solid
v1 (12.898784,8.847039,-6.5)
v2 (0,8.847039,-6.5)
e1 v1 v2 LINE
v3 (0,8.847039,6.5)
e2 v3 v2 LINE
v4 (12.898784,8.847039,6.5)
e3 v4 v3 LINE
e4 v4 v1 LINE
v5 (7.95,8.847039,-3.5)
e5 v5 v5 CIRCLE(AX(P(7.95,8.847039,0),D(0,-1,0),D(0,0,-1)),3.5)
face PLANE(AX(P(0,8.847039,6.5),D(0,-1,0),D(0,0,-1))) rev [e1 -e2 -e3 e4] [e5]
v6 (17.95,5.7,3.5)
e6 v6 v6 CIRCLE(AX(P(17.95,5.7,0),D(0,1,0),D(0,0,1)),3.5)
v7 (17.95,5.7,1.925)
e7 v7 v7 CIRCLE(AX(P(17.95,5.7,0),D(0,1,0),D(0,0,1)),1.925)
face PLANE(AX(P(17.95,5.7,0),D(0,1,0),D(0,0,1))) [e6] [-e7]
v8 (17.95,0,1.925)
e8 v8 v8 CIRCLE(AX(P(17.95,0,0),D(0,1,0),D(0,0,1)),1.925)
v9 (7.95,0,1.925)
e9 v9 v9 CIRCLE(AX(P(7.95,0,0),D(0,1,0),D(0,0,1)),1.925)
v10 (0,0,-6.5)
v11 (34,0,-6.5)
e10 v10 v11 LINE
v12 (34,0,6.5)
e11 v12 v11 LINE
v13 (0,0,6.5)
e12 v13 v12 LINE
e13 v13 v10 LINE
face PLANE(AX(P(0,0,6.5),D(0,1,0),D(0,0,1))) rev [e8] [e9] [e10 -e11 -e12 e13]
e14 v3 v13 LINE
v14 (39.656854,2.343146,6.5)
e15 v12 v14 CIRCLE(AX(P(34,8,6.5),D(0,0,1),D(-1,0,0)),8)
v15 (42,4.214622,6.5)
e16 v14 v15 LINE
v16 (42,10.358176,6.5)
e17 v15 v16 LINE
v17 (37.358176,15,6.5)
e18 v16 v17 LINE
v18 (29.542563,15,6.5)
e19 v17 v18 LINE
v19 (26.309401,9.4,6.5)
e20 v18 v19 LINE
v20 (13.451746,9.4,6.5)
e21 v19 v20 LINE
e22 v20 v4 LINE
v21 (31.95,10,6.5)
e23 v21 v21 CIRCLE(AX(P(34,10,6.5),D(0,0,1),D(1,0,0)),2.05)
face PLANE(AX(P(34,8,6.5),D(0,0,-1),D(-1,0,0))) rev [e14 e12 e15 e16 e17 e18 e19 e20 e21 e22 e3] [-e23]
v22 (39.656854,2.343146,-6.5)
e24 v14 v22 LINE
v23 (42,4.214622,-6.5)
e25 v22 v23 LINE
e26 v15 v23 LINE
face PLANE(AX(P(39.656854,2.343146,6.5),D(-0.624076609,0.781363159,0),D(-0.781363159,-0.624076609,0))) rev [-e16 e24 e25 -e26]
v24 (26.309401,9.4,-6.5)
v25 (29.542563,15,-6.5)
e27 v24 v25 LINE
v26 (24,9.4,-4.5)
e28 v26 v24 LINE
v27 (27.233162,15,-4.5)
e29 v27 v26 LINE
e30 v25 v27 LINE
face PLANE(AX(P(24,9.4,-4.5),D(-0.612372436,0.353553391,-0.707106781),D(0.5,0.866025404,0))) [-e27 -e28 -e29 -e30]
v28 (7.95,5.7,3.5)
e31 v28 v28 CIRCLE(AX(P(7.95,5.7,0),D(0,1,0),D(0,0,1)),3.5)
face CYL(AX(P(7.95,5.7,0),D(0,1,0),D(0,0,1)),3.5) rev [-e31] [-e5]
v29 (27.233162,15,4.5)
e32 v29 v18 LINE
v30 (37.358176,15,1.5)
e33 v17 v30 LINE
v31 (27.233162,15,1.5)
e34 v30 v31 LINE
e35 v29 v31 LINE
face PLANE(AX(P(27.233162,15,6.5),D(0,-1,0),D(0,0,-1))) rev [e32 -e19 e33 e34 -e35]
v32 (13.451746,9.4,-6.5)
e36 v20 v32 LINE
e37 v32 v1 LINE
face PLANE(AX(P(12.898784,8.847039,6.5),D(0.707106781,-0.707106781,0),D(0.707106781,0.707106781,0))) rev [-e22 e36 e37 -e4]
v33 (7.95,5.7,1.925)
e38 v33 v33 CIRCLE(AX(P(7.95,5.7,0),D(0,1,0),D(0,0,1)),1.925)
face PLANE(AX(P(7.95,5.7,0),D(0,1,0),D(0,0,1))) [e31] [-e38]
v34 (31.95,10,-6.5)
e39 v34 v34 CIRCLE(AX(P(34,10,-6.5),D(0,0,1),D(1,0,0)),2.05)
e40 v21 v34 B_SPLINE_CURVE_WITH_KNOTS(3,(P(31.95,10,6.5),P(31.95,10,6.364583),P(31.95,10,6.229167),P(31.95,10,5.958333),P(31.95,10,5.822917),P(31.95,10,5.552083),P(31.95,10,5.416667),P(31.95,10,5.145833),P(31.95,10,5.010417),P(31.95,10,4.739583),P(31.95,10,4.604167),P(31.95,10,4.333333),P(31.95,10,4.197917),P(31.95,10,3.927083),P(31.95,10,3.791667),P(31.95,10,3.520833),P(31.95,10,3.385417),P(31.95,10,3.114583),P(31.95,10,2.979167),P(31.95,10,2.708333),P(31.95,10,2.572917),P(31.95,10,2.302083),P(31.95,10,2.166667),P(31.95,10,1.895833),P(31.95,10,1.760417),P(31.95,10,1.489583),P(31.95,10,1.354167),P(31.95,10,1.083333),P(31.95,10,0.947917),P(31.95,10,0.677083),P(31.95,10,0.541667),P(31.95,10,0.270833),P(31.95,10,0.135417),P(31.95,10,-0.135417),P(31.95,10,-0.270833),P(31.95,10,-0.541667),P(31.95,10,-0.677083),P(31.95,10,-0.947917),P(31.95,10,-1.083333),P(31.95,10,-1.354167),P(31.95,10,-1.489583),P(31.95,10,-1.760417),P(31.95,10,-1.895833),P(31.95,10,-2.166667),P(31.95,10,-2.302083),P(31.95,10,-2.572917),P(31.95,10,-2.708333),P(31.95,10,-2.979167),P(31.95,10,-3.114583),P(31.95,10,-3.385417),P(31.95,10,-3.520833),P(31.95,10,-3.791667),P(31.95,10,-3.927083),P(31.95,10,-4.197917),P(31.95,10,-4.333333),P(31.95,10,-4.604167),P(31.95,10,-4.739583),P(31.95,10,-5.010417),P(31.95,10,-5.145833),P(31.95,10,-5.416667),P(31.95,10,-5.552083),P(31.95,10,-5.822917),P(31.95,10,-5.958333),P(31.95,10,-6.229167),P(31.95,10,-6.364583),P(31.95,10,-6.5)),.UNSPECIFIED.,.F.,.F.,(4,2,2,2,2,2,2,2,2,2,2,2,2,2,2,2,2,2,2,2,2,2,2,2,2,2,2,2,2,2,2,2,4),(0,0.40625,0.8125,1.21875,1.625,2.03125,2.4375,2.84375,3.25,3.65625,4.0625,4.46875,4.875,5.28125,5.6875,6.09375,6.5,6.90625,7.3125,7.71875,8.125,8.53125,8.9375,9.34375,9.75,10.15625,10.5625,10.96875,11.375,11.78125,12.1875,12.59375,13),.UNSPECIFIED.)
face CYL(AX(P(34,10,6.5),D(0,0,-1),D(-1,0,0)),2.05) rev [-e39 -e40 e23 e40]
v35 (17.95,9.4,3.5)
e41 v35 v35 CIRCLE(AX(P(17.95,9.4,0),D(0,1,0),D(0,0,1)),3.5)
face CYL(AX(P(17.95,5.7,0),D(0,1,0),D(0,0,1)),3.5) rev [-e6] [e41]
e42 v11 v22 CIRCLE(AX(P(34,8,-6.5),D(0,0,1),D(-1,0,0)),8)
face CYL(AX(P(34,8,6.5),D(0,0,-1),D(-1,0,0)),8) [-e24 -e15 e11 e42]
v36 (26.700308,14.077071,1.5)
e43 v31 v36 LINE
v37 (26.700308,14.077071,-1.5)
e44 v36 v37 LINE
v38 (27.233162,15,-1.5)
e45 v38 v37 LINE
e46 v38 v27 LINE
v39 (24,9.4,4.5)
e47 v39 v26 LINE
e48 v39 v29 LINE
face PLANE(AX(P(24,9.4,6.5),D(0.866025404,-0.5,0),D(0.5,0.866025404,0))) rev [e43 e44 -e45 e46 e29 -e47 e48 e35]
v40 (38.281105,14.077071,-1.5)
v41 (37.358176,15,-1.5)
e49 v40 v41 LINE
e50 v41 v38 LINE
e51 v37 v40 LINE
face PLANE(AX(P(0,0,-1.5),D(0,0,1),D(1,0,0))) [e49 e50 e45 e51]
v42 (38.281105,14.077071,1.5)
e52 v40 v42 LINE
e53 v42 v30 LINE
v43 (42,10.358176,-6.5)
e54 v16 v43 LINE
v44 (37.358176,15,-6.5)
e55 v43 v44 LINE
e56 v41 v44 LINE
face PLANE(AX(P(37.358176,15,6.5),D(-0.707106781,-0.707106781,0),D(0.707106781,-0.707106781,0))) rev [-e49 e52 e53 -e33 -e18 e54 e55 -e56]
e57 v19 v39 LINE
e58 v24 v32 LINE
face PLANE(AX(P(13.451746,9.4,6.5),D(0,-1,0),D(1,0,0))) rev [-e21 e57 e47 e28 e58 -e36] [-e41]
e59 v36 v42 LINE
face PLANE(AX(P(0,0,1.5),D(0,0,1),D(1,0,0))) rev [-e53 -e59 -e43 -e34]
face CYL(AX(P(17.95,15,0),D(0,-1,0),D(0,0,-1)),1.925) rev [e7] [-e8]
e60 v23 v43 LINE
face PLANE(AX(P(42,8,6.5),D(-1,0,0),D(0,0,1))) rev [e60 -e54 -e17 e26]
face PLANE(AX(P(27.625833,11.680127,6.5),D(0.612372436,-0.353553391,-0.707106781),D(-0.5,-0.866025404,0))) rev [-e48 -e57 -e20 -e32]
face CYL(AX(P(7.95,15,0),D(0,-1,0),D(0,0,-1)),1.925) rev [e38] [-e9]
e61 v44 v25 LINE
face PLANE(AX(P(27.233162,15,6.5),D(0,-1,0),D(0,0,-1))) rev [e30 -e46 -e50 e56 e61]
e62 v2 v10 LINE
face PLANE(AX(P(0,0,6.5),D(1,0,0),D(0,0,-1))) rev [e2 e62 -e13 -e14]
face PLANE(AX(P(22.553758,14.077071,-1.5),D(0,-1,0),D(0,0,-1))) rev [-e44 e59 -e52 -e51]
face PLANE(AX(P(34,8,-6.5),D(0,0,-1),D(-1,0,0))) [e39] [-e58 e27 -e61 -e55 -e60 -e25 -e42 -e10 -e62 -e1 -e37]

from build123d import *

# Parameters (mm, degrees)
SKETCH_1_R          = 2.05
EXTRUDE_1_DEPTH     = 6.5
SKETCH_2_R          = 1.925
CUT_EXTRUDE_1_DEPTH = 46.069390943
SKETCH_4_R          = 3.5
CUT_EXTRUDE_3_DEPTH = 3.7
SKETCH_5_W          = 18.309146901
SKETCH_5_H          = 4.198551417
CUT_EXTRUDE_4_DEPTH = 1.5
CHAMFER_1_SIZE      = 2


with BuildPart() as part:
    # 스케치1 → 보스-돌출1 (new, symmetric)
    with BuildSketch(Plane.XY):
        with BuildLine():
            Line((24, 9.4), (27.233161507, 15))
            Line((27.233161507, 15), (37.358175691, 15))
            Line((37.358175691, 15), (42, 10.358175691))
            Line((42, 10.358175691), (42, 8))
            Line((42, 8), (42, 4.214621821))
            Line((42, 4.214621821), (39.656854249, 2.343145751))
            ThreePointArc((39.656854249, 2.343145751), (37.061467459, 0.60896374), (34, 0))
            Line((34, 0), (0, 0))
            Line((0, 0), (0, 8.847038924))
            Line((0, 8.847038924), (12.898784487, 8.847038924))
            Line((12.898784487, 8.847038924), (13.451745563, 9.4))
            Line((13.451745563, 9.4), (24, 9.4))
        make_face()
        with Locations(Location((34, 10, 0), (0, 0, 180))):
            Circle(SKETCH_1_R, mode=Mode.SUBTRACT)
    extrude(amount=EXTRUDE_1_DEPTH, both=True)

    # 스케치2 → 컷-돌출1 (cut, through all)
    with BuildSketch(Plane(origin=(0, 0, 0), x_dir=(1, 0, 0), z_dir=(0, 1, 0))):
        with Locations(Location((7.95, 0, 0), (0, 0, 90))):
            Circle(SKETCH_2_R)
        with Locations((17.95, 0)):
            Circle(SKETCH_2_R)
    extrude(amount=CUT_EXTRUDE_1_DEPTH, mode=Mode.SUBTRACT)

    # 스케치4 → 컷-돌출3 (cut)
    with BuildSketch(Plane(origin=(0, 9.4, 0), x_dir=(1, 0, 0), z_dir=(0, 1, 0))):
        with Locations(Location((7.95, 0, 0), (0, 0, 270))):
            Circle(SKETCH_4_R)
        with Locations(Location((17.95, 0, 0), (0, 0, 270))):
            Circle(SKETCH_4_R)
    extrude(amount=-CUT_EXTRUDE_3_DEPTH, mode=Mode.SUBTRACT)

    # 스케치5 → 컷-돌출4 (cut, symmetric)
    with BuildSketch(Plane.XY):
        with Locations((31.708331529, 16.176346462)):
            Rectangle(SKETCH_5_W, SKETCH_5_H)
    extrude(amount=CUT_EXTRUDE_4_DEPTH, both=True, mode=Mode.SUBTRACT)

    # 모따기1
    chamfer_1_edges = [part.edges().sort_by_distance(p)[0] for p in [
        (25.616580754, 12.2, -6.5),
        (25.616580754, 12.2, 6.5),
    ]]
    chamfer(chamfer_1_edges, length=CHAMFER_1_SIZE)


solid = part.part
